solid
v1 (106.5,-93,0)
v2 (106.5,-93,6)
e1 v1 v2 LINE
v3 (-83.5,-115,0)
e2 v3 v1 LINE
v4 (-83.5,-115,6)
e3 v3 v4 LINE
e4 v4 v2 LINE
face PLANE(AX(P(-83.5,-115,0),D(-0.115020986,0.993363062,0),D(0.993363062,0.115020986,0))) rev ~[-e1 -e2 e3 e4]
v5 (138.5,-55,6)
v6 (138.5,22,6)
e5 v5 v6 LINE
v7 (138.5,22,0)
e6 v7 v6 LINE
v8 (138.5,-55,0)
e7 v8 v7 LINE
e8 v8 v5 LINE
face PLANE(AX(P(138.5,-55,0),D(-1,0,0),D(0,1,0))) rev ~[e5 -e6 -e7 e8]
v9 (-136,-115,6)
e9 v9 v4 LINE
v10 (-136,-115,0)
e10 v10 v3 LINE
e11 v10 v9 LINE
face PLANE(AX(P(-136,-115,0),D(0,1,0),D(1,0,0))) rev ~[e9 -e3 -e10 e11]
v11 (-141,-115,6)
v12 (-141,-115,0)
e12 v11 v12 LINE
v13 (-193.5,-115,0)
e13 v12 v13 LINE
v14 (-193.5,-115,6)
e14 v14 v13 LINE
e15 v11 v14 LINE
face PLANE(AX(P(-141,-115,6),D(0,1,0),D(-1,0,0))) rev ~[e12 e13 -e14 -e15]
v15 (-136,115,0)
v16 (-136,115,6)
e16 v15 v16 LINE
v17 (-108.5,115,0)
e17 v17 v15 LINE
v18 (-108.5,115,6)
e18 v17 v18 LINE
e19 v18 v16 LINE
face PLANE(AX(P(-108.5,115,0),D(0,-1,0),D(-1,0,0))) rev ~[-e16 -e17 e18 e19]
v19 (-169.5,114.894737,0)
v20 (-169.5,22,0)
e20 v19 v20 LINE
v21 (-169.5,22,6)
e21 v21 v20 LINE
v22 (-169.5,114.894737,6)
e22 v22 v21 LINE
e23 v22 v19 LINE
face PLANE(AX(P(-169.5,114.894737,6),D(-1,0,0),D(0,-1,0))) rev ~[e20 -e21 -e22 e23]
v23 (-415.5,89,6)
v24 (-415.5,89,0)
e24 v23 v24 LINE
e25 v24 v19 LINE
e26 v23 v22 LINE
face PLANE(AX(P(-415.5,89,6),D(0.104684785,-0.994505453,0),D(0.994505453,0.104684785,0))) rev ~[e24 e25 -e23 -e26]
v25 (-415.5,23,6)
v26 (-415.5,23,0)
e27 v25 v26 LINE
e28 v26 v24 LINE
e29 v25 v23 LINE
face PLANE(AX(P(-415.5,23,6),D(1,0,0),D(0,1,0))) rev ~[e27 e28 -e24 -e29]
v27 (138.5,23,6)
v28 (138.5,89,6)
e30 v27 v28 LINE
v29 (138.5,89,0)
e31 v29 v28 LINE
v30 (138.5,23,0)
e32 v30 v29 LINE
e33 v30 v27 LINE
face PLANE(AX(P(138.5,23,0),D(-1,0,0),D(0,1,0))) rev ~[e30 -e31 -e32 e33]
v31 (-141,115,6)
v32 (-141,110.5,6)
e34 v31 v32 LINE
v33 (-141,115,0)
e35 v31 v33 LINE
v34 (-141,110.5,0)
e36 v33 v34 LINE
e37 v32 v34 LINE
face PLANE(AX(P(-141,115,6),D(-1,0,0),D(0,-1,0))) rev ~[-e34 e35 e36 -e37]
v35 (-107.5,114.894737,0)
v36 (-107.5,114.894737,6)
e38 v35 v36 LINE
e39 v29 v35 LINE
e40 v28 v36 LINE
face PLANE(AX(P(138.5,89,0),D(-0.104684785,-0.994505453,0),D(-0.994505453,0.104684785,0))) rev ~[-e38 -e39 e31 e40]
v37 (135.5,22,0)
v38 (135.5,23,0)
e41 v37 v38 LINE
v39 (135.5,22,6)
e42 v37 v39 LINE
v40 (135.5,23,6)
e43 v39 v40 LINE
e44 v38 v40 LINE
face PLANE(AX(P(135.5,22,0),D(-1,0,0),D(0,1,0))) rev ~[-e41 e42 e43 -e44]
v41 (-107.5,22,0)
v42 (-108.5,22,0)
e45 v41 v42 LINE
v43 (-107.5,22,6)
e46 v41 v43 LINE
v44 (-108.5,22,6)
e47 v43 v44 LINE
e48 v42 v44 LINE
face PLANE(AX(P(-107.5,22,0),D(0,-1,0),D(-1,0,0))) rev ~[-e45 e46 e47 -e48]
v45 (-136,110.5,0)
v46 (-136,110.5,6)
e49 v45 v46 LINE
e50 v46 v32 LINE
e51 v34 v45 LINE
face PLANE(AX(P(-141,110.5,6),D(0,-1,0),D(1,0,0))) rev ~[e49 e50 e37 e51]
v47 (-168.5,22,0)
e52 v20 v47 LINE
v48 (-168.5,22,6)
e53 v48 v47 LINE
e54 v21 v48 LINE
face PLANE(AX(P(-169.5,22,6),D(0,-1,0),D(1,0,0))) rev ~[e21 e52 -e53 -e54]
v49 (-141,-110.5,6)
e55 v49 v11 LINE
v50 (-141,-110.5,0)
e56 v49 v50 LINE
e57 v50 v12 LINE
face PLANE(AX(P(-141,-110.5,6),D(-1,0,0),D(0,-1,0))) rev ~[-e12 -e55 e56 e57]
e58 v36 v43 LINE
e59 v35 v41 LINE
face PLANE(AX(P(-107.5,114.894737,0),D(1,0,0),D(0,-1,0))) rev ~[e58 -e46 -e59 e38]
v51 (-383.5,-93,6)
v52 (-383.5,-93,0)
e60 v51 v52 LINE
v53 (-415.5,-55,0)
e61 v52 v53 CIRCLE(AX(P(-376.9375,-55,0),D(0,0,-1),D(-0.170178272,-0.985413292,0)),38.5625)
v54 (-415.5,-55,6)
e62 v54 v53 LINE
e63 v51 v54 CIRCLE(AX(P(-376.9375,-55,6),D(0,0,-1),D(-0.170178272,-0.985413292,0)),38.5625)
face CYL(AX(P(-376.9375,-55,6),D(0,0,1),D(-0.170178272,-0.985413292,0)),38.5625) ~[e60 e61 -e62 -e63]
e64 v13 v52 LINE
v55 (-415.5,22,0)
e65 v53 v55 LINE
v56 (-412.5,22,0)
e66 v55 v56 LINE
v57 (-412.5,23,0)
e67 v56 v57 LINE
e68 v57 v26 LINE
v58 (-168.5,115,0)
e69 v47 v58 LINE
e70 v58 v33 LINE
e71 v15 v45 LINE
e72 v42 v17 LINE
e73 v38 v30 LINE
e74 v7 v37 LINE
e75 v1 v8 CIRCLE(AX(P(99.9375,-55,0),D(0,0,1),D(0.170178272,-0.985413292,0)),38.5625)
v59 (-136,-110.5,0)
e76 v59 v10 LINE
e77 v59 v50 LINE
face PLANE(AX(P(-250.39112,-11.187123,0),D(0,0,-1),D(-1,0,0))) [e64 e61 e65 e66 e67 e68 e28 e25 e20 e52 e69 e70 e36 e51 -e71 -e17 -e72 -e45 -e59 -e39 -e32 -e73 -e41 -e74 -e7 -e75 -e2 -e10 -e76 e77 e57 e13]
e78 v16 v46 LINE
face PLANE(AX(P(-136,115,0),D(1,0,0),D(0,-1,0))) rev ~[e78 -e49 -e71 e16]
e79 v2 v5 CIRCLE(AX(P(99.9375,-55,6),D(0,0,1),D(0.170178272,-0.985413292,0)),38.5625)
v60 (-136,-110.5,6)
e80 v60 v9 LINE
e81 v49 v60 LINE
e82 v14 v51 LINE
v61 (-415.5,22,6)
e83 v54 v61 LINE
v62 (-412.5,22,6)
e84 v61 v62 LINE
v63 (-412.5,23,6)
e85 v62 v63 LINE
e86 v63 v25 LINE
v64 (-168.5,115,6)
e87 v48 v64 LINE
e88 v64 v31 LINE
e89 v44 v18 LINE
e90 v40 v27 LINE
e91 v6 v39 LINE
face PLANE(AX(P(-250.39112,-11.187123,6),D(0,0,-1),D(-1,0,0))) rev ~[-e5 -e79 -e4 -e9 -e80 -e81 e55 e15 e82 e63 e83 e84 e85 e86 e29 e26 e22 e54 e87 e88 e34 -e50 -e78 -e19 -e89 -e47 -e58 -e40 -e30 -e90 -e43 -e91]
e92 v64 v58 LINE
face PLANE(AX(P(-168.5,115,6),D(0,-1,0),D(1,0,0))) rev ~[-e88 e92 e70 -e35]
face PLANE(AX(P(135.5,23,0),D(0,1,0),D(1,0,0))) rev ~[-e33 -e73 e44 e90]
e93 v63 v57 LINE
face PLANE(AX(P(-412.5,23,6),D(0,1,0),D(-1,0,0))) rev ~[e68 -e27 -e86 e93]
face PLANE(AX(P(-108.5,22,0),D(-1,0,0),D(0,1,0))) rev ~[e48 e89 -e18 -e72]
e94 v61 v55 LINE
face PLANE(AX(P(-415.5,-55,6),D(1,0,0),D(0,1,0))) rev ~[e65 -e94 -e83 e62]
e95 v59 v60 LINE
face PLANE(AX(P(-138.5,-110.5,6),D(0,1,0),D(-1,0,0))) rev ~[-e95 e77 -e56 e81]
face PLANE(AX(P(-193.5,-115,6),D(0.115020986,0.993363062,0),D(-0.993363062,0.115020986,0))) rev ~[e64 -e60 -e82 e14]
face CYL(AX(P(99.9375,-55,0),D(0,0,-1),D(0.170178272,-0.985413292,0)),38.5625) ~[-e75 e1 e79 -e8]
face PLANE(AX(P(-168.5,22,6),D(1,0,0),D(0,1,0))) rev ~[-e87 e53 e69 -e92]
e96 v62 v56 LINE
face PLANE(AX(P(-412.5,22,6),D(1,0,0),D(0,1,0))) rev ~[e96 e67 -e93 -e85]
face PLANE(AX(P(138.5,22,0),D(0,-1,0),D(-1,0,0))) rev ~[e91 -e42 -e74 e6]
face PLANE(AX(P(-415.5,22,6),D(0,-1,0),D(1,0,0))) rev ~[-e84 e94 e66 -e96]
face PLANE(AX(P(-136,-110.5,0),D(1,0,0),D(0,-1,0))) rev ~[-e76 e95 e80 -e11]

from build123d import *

# Parameters (mm, degrees)
F1_DEPTH = 6
F3_COUNT = 2
F3_ANGLE = 180


with BuildPart() as f1:
    # F0 (on Top) → F1 (new body)
    with BuildSketch(Plane.XY):
        with BuildLine():
            Line((-108.5, 115), (-136, 115))
            Line((-136, 115), (-136, 110.5))
            Line((-136, 110.5), (-138.5, 110.5))
            Line((-138.5, 110.5), (-138.5, -93))
            Line((-138.5, -93), (106.5, -93))
            ThreePointArc((106.5, -93), (129.434388, -79.839485), (138.5, -55))
            Line((138.5, -55), (138.5, 22))
            Line((138.5, 22), (135.5, 22))
            Line((135.5, 22), (-107.5, 22))
            Line((-107.5, 22), (-108.5, 22))
            Line((-108.5, 22), (-108.5, 115))
        make_face()
        Polygon((138.5, 89), (-107.5, 114.894737), (-107.5, 22), (135.5, 22), (135.5, 23), (138.5, 23), align=None)
        Polygon((106.5, -93), (-138.5, -93), (-138.5, -110.5), (-136, -110.5), (-136, -115), (-83.5, -115), align=None)
    extrude(amount=F1_DEPTH)

    # F3: F1 ×2 about axis
    f3_axis = Axis((-138.5, 0, 3), (0, 1, 0))


with BuildPart() as f1_1:
    add(f1.part)
    for i in range(1, F3_COUNT):
        add(f1.part.rotate(f3_axis, i * F3_ANGLE / (F3_COUNT - 1)))


solid = f1_1.part
